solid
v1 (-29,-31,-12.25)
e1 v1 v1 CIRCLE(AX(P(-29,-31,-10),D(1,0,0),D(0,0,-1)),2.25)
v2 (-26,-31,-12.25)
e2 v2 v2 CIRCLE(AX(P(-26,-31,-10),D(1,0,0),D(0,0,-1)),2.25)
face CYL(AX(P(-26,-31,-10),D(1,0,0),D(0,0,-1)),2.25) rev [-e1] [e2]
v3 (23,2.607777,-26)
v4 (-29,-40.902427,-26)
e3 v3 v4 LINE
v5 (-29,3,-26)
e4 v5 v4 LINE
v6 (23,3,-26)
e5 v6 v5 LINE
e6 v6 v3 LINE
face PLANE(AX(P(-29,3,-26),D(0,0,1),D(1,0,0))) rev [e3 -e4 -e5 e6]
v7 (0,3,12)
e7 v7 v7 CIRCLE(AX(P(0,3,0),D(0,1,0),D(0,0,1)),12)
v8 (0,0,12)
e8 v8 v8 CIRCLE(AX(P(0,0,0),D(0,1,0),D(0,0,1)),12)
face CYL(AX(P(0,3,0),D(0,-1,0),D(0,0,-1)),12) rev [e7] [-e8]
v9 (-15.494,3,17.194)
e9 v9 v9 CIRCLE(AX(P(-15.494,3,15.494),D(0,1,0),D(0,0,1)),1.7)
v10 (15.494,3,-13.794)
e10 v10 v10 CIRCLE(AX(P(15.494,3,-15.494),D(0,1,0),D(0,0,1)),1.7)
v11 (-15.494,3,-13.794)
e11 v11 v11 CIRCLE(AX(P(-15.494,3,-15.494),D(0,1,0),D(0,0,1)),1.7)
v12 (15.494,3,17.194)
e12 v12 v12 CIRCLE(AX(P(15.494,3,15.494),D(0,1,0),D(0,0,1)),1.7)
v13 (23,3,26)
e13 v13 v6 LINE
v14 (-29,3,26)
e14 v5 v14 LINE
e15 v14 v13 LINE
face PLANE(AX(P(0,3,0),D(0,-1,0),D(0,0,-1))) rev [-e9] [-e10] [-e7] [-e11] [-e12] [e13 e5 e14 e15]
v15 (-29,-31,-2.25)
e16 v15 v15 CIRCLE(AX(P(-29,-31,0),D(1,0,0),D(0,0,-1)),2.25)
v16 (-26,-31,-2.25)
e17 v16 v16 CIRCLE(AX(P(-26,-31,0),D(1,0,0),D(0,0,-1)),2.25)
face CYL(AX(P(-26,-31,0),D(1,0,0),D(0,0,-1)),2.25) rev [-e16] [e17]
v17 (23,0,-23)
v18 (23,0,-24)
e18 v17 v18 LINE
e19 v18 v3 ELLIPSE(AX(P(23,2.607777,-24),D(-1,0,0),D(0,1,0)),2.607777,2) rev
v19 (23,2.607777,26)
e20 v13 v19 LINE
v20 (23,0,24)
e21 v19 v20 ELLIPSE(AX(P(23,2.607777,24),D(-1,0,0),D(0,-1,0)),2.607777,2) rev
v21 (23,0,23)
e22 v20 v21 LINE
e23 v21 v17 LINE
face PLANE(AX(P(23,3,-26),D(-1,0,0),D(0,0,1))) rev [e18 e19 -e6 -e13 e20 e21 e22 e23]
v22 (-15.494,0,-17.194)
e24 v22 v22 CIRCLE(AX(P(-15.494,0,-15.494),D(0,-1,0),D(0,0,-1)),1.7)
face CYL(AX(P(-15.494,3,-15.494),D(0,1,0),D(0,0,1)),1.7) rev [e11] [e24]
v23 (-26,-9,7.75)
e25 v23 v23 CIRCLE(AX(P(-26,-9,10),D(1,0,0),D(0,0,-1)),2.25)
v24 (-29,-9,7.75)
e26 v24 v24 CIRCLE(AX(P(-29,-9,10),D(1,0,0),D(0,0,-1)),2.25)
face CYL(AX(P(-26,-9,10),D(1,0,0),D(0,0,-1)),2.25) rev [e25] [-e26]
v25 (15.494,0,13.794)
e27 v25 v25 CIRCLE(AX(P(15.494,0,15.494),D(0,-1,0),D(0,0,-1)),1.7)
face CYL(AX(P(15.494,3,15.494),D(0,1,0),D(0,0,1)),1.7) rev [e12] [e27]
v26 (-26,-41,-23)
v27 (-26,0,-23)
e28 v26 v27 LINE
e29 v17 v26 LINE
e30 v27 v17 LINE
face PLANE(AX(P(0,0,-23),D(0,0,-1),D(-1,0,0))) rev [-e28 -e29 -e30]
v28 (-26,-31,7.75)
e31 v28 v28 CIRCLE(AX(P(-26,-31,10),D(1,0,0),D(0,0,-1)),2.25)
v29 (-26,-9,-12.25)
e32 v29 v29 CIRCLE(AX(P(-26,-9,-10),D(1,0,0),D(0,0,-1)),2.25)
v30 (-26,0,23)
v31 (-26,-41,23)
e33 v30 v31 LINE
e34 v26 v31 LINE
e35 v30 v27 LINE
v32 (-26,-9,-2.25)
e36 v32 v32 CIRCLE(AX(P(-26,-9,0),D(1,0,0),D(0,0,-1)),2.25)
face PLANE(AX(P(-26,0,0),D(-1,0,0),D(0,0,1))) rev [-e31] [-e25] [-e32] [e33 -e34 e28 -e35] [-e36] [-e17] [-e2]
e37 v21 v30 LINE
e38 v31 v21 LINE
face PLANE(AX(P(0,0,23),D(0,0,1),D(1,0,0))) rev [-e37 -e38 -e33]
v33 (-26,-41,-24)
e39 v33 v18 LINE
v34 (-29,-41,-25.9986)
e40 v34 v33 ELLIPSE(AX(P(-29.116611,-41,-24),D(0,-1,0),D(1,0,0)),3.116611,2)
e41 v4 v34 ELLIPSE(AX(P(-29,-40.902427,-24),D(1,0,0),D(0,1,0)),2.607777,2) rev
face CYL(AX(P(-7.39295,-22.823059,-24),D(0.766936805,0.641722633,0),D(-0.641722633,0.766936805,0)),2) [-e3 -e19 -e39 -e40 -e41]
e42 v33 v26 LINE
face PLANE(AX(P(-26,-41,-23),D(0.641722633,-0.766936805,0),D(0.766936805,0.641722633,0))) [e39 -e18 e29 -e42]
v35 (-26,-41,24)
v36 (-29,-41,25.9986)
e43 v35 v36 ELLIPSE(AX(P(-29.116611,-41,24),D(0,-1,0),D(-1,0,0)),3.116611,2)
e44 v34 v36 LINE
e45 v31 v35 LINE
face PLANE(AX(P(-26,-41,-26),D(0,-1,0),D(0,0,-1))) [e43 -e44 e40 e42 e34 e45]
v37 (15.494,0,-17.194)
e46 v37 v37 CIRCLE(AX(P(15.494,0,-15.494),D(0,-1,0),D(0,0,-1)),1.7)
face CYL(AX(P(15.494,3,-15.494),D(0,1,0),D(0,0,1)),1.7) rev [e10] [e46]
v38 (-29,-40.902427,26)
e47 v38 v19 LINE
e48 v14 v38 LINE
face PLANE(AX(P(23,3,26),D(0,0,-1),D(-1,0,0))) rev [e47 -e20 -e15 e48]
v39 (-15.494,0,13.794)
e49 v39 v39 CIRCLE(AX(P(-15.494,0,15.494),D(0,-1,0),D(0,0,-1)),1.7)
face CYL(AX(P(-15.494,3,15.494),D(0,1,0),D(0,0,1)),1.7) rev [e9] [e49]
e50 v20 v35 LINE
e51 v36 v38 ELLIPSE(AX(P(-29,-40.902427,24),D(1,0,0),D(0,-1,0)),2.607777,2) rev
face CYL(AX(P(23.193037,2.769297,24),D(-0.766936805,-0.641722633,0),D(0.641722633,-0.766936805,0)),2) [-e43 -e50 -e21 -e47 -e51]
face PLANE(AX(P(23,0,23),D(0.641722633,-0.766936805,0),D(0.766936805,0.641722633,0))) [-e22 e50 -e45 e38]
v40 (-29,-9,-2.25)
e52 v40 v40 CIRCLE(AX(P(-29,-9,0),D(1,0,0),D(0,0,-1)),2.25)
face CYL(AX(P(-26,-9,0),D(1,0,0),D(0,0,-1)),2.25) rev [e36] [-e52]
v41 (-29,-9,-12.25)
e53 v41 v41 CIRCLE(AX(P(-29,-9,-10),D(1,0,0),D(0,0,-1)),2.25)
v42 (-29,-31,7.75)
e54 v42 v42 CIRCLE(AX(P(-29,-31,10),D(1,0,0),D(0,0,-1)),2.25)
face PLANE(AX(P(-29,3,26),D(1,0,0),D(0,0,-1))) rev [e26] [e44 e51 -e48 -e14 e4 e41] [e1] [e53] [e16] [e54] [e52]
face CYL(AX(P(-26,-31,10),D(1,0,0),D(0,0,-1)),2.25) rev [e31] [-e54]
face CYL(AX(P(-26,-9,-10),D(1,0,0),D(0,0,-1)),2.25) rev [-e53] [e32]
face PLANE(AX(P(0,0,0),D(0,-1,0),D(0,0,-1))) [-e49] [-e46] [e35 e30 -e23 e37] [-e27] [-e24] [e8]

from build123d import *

# Parameters (mm, degrees)
SKETCH1_W            = 52
SKETCH1_H            = 52
SKETCH1_R            = 12
BOSS_EXTRUDE1_DEPTH  = 3
SKETCH2_W            = 52
SKETCH2_H            = 41
BOSS_EXTRUDE2_DEPTH  = 3
M3_CLEARANCE_HOLE1_D = 3.4
M4_CLEARANCE_HOLE1_D = 4.5
BOSS_EXTRUDE3_DEPTH  = 3
BOSS_EXTRUDE4_DEPTH  = 3
FILLET1_R            = 2


with BuildPart() as part:
    # Sketch1 → Boss-Extrude1 (new body)
    with BuildSketch(Plane(origin=(0, 0, 0), x_dir=(1, 0, 0), z_dir=(0, 1, 0))):
        with Locations((-3, 0)):
            Rectangle(SKETCH1_W, SKETCH1_H)
        with Locations(Location((0, 0, 0), (0, 0, 270))):
            Circle(SKETCH1_R, mode=Mode.SUBTRACT)
    extrude(amount=BOSS_EXTRUDE1_DEPTH)

    # Sketch2 → Boss-Extrude2 (add)
    with BuildSketch(Plane.ZY.offset(29)):
        with Locations((0, -20.5)):
            Rectangle(SKETCH2_W, SKETCH2_H)
    extrude(amount=-BOSS_EXTRUDE2_DEPTH)

    # M3 Clearance Hole1 (through all)
    with Locations(Plane(origin=(0, 3, 0), x_dir=(1, 0, 0), z_dir=(0, 1, 0))):
        with Locations((15.494, -15.494), (-15.494, -15.494), (-15.494, 15.494), (15.494, 15.494)):
            Hole(M3_CLEARANCE_HOLE1_D / 2)

    # M4 Clearance Hole1 (through all)
    with Locations(Plane(origin=(-26, 0, 0), x_dir=(0, 0, -1), z_dir=(1, 0, 0))):
        with Locations((-10, -9), (10, -9), (10, -31), (-10, -31), (0, -9), (0, -31)):
            Hole(M4_CLEARANCE_HOLE1_D / 2)

    # Sketch7 → Boss-Extrude3 (add)
    with BuildSketch(Plane(origin=(0, 0, -26), x_dir=(-1, 0, 0), z_dir=(0, 0, -1))):
        Polygon((26, -41), (-23, 0), (26, 0), align=None)
    extrude(amount=-BOSS_EXTRUDE3_DEPTH)

    # Sketch8 → Boss-Extrude4 (add)
    with BuildSketch(Plane.XY.offset(26)):
        Polygon((23, 0), (-26, -41), (-26, 0), align=None)
    extrude(amount=-BOSS_EXTRUDE4_DEPTH)

    # Fillet1
    fillet1_edges = [part.edges().sort_by_distance(p)[0] for p in [
        (-1.5, -20.5, 26),
        (-1.5, -20.5, -26),
    ]]
    fillet(fillet1_edges, radius=FILLET1_R)


solid = part.part
